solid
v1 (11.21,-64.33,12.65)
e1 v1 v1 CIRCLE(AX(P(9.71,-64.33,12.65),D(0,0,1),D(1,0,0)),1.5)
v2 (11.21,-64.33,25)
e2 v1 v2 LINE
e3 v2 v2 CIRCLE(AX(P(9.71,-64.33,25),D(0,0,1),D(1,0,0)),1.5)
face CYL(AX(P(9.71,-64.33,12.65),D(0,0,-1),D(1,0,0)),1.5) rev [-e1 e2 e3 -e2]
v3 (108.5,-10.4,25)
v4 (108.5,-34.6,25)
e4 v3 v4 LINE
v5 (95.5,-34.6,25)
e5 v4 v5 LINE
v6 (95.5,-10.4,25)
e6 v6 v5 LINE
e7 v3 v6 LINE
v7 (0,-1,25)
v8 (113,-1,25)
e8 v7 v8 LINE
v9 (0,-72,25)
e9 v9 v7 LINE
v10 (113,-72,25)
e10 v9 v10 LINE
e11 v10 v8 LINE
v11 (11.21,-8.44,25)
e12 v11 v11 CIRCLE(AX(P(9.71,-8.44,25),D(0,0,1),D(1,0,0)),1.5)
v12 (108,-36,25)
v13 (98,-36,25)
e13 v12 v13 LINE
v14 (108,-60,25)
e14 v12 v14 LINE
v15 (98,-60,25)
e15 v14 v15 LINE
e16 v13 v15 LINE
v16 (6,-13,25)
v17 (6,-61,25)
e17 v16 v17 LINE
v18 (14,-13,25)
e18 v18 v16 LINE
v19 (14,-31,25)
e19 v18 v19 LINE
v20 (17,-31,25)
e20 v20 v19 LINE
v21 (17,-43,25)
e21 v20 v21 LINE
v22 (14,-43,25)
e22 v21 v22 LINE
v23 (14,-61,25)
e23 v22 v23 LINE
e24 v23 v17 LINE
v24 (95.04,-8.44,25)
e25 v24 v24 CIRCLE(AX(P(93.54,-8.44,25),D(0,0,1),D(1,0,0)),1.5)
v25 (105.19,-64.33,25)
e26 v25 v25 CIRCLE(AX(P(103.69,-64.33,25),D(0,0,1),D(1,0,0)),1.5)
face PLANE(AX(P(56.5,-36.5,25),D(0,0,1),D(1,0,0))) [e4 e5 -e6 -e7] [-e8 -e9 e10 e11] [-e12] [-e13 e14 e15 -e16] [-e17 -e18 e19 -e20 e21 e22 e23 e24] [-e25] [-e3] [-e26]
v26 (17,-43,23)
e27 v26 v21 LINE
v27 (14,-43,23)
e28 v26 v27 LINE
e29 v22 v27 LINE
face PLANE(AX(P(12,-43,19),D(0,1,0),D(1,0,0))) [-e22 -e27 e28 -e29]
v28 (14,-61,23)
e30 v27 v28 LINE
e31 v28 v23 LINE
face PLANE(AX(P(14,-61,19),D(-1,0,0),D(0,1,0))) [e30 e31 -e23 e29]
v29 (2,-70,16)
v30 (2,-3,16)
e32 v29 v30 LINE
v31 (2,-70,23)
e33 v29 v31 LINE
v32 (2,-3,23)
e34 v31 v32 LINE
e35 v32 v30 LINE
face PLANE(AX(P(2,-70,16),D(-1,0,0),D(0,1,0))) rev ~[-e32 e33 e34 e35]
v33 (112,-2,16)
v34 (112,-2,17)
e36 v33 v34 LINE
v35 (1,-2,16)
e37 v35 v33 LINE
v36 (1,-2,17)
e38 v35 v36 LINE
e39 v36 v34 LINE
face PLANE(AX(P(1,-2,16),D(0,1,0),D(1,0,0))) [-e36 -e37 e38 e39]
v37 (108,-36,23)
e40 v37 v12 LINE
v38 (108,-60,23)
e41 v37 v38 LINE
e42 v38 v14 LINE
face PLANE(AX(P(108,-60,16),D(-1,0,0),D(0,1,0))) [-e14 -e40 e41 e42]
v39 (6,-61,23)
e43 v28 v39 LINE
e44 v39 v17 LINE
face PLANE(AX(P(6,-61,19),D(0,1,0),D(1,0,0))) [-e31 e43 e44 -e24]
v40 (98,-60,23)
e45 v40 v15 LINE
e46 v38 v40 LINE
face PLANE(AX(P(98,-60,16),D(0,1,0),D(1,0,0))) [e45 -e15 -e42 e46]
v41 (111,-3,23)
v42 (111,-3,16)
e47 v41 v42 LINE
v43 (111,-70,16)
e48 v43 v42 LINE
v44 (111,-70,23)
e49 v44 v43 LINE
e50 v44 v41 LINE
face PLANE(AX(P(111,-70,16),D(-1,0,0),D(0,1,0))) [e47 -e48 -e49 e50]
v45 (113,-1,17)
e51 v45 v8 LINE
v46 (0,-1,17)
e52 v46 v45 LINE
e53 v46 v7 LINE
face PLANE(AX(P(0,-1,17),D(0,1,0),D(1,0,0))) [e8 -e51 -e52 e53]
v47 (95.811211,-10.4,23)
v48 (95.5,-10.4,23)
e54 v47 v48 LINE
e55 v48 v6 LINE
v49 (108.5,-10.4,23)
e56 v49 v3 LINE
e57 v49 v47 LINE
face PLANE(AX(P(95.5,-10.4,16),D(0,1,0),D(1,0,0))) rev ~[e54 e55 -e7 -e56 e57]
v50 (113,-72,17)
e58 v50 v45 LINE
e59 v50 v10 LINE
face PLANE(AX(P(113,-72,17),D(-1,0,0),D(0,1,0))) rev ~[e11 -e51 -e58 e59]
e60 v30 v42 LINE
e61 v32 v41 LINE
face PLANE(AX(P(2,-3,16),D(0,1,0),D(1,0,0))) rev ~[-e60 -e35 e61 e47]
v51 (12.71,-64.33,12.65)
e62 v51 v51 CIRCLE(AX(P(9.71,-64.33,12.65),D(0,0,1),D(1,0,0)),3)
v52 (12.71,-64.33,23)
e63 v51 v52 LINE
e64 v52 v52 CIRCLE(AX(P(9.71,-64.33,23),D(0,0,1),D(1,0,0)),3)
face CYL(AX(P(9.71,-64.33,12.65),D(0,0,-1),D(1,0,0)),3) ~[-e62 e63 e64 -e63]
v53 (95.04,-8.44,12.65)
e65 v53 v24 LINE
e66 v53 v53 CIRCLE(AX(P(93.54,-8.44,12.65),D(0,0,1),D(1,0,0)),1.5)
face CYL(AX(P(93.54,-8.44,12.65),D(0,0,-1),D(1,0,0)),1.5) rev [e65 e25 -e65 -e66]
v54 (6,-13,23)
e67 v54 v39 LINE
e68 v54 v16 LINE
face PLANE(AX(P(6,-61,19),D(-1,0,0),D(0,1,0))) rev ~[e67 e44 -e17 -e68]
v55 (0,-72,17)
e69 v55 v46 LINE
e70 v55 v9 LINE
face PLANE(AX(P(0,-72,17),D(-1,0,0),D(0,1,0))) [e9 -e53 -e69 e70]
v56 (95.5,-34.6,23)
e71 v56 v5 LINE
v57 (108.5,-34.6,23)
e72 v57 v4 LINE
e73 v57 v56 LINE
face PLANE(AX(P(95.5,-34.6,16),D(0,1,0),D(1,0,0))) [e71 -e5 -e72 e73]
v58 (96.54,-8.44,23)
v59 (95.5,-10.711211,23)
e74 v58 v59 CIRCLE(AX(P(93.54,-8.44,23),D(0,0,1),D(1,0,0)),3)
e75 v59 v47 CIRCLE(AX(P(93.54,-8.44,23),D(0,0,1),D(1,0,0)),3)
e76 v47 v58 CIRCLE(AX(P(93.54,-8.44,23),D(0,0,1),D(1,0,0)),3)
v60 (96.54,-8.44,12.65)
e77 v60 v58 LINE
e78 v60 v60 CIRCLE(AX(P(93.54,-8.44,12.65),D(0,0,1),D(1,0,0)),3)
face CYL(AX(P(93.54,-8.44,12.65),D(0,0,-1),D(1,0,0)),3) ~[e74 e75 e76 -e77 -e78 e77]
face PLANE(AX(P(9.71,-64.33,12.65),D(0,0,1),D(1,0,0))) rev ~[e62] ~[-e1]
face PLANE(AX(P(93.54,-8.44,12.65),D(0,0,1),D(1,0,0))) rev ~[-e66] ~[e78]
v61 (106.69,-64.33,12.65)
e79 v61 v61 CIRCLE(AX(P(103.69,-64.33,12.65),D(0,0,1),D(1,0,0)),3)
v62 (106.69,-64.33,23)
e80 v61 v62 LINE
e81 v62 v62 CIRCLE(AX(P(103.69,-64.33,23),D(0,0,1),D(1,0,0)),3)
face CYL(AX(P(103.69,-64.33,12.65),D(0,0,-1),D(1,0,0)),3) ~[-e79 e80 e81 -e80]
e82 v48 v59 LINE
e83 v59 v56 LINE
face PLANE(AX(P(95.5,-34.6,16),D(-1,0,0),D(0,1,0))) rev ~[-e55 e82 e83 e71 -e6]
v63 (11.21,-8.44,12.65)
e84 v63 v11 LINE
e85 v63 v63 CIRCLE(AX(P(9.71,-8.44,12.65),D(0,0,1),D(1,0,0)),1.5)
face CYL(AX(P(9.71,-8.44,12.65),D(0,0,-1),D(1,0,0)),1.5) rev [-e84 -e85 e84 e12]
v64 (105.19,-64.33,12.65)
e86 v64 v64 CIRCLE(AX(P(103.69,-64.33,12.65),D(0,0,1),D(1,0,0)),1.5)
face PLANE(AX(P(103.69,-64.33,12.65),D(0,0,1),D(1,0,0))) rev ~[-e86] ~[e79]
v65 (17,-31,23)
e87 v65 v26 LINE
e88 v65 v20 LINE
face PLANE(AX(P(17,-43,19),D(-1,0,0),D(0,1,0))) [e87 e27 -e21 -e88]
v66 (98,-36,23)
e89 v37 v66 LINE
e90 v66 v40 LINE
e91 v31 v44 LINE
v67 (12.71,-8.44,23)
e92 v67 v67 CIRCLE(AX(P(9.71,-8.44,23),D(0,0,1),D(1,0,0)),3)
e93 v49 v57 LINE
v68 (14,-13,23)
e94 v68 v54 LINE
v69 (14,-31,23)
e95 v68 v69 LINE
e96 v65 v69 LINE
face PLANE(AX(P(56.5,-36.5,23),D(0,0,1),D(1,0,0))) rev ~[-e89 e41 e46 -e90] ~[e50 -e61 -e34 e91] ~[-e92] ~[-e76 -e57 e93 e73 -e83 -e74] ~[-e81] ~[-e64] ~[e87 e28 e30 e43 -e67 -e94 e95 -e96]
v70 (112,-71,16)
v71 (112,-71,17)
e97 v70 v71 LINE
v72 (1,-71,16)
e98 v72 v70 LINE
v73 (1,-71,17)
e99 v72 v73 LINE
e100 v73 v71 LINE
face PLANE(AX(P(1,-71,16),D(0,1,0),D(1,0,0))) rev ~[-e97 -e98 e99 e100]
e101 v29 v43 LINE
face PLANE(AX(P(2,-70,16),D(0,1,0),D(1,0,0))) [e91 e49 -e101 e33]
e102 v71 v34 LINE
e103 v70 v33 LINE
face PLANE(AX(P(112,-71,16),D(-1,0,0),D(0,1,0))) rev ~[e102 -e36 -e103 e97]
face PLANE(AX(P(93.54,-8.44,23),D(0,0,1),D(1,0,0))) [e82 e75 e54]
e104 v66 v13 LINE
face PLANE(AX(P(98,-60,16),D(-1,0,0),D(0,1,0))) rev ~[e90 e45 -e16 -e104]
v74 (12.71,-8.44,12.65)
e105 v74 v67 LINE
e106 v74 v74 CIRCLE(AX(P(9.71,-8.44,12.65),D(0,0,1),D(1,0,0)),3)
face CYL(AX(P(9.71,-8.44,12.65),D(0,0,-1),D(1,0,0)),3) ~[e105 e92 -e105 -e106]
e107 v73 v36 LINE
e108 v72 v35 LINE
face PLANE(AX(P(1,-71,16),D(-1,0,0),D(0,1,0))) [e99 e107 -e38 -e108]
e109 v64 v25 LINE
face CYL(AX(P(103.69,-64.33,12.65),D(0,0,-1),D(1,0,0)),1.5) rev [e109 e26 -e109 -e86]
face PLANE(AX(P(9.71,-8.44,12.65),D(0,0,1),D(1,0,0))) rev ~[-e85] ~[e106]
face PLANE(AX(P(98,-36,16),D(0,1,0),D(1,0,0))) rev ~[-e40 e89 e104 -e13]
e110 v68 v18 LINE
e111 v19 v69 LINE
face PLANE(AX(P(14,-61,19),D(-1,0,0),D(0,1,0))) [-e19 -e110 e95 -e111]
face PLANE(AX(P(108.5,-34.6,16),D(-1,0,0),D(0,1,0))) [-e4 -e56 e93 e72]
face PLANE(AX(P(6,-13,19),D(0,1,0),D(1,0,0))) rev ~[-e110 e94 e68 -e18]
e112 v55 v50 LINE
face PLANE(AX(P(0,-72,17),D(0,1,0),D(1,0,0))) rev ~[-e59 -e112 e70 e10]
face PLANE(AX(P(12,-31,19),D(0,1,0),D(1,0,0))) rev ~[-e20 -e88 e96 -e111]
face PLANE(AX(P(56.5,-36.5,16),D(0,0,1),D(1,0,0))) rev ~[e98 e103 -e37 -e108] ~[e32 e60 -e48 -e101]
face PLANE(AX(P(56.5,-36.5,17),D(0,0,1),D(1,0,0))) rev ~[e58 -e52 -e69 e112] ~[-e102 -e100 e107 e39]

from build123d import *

# Parameters (mm, degrees)
TUBE004_R         = 3
TUBE004_R_2       = 1.5
TUBE004_DEPTH     = 10.35
TUBE002_R         = 3
TUBE002_R_2       = 1.5
TUBE002_DEPTH     = 10.35
TUBE001_R         = 3
TUBE001_R_2       = 1.5
TUBE001_DEPTH     = 10.35
TUBE_R            = 3
TUBE_R_2          = 1.5
TUBE_DEPTH        = 10.35
CYLINDER007_R     = 1.5
CYLINDER007_DEPTH = 2
CYLINDER006_R     = 1.5
CYLINDER006_DEPTH = 2
CYLINDER005_R     = 1.5
CYLINDER005_DEPTH = 2
CYLINDER004_R     = 1.5
CYLINDER004_DEPTH = 2
BOX012_W          = 1
BOX012_H          = 1
BOX012_DEPTH      = 1
BOX011_W          = 13
BOX011_H          = 24.2
BOX011_DEPTH      = 10
BOX010_W          = 10
BOX010_H          = 24
BOX010_DEPTH      = 10
BOX009_W          = 5
BOX009_H          = 12
BOX009_DEPTH      = 10
BOX008_W          = 8
BOX008_H          = 48
BOX008_DEPTH      = 10
BOX007_W          = 109
BOX007_H          = 67
BOX007_DEPTH      = 1
BOX006_W          = 111
BOX006_H          = 69
BOX006_DEPTH      = 1
BOX005_W          = 109
BOX005_H          = 67
BOX005_DEPTH      = 6
BOX004_W          = 113
BOX004_H          = 71
BOX004_DEPTH      = 8


with BuildPart() as pusher_ru:
    # Tube004 → Tube004 (new body)
    with BuildSketch(Plane(origin=(103.69, -64.33, -0.35), x_dir=(1, 0, 0), z_dir=(0, 0, 1))):
        Circle(TUBE004_R)
        Circle(TUBE004_R_2, mode=Mode.SUBTRACT)
    extrude(amount=TUBE004_DEPTH)


with BuildPart() as pusher_ro:
    # Tube002 → Tube002 (new body)
    with BuildSketch(Plane(origin=(93.54, -8.44, -0.35), x_dir=(1, 0, 0), z_dir=(0, 0, 1))):
        Circle(TUBE002_R)
        Circle(TUBE002_R_2, mode=Mode.SUBTRACT)
    extrude(amount=TUBE002_DEPTH)


with BuildPart() as pusher_lu:
    # Tube001 → Tube001 (new body)
    with BuildSketch(Plane(origin=(9.71, -64.33, -0.35), x_dir=(1, 0, 0), z_dir=(0, 0, 1))):
        Circle(TUBE001_R)
        Circle(TUBE001_R_2, mode=Mode.SUBTRACT)
    extrude(amount=TUBE001_DEPTH)


with BuildPart() as pusher_lo:
    # Tube → Tube (new body)
    with BuildSketch(Plane(origin=(9.71, -8.44, -0.35), x_dir=(1, 0, 0), z_dir=(0, 0, 1))):
        Circle(TUBE_R)
        Circle(TUBE_R_2, mode=Mode.SUBTRACT)
    extrude(amount=TUBE_DEPTH)


with BuildPart() as hole_ru:
    # Cylinder007 → Cylinder007 (new body)
    with BuildSketch(Plane(origin=(103.69, -64.33, 10), x_dir=(1, 0, 0), z_dir=(0, 0, 1))):
        Circle(CYLINDER007_R)
    extrude(amount=CYLINDER007_DEPTH)


with BuildPart() as hole_ro:
    # Cylinder006 → Cylinder006 (new body)
    with BuildSketch(Plane(origin=(93.54, -8.44, 10), x_dir=(1, 0, 0), z_dir=(0, 0, 1))):
        Circle(CYLINDER006_R)
    extrude(amount=CYLINDER006_DEPTH)


with BuildPart() as hole_lu:
    # Cylinder005 → Cylinder005 (new body)
    with BuildSketch(Plane(origin=(9.71, -64.33, 10), x_dir=(1, 0, 0), z_dir=(0, 0, 1))):
        Circle(CYLINDER005_R)
    extrude(amount=CYLINDER005_DEPTH)


with BuildPart() as hole_lo:
    # Cylinder004 → Cylinder004 (new body)
    with BuildSketch(Plane(origin=(9.71, -8.44, 10), x_dir=(1, 0, 0), z_dir=(0, 0, 1))):
        Circle(CYLINDER004_R)
    extrude(amount=CYLINDER004_DEPTH)


with BuildPart() as supply_cut:
    # Box012 → Box012 (new body)
    with BuildSketch(Plane(origin=(86, -70, 9), x_dir=(1, 0, 0), z_dir=(0, 0, 1))):
        with Locations((0.5, 0.5)):
            Rectangle(BOX012_W, BOX012_H)
    extrude(amount=BOX012_DEPTH)


with BuildPart() as phoenix_cut:
    # Box011 → Box011 (new body)
    with BuildSketch(Plane(origin=(95.5, -34.6, 3), x_dir=(1, 0, 0), z_dir=(0, 0, 1))):
        with Locations((6.5, 12.1)):
            Rectangle(BOX011_W, BOX011_H)
    extrude(amount=BOX011_DEPTH)


with BuildPart() as molex8_cut:
    # Box010 → Box010 (new body)
    with BuildSketch(Plane(origin=(98, -60, 3), x_dir=(1, 0, 0), z_dir=(0, 0, 1))):
        with Locations((5, 12)):
            Rectangle(BOX010_W, BOX010_H)
    extrude(amount=BOX010_DEPTH)


with BuildPart() as box009:
    # Box009 → Box009 (new body)
    with BuildSketch(Plane(origin=(12, -43, 6), x_dir=(1, 0, 0), z_dir=(0, 0, 1))):
        with Locations((2.5, 6)):
            Rectangle(BOX009_W, BOX009_H)
    extrude(amount=BOX009_DEPTH)


with BuildPart() as box008:
    # Box008 → Box008 (new body)
    with BuildSketch(Plane(origin=(6, -61, 6), x_dir=(1, 0, 0), z_dir=(0, 0, 1))):
        with Locations((4, 24)):
            Rectangle(BOX008_W, BOX008_H)
    extrude(amount=BOX008_DEPTH)


with BuildPart() as casebottomlip_in001:
    # Box007 → Box007 (new body)
    with BuildSketch(Plane(origin=(2, -70, -13), x_dir=(1, 0, 0), z_dir=(0, 0, 1))):
        with Locations((54.5, 33.5)):
            Rectangle(BOX007_W, BOX007_H)
    extrude(amount=BOX007_DEPTH)


with BuildPart() as casetoplip:
    # Box006 → Box006 (new body)
    with BuildSketch(Plane(origin=(1, -71, -13), x_dir=(1, 0, 0), z_dir=(0, 0, 1))):
        with Locations((55.5, 34.5)):
            Rectangle(BOX006_W, BOX006_H)
    extrude(amount=BOX006_DEPTH)

    # Cut003: cut CaseBottomLip_In001
    add(casebottomlip_in001.part, mode=Mode.SUBTRACT)


with BuildPart() as casetopbed_in:
    # Box005 → Box005 (new body)
    with BuildSketch(Plane(origin=(2, -70, -12), x_dir=(1, 0, 0), z_dir=(0, 0, 1))):
        with Locations((54.5, 33.5)):
            Rectangle(BOX005_W, BOX005_H)
    extrude(amount=BOX005_DEPTH)


with BuildPart() as casetop:
    # Box004 → Box004 (new body)
    with BuildSketch(Plane(origin=(0, -72, -12), x_dir=(1, 0, 0), z_dir=(0, 0, 1))):
        with Locations((56.5, 35.5)):
            Rectangle(BOX004_W, BOX004_H)
    extrude(amount=BOX004_DEPTH)

    # Cut002: cut CaseTopBed_In
    add(casetopbed_in.part, mode=Mode.SUBTRACT)

    # Fusion001: union CaseTopLip
    add(casetoplip.part)


with BuildPart() as casetop_1:
    # Fusion001 placement: moved
    add(casetop.part.moved(Location((0, 0, 16))))

    # Cut004: cut Box008
    add(box008.part, mode=Mode.SUBTRACT)

    # Cut005: cut Box009
    add(box009.part, mode=Mode.SUBTRACT)

    # Cut006: cut Molex8_Cut
    add(molex8_cut.part, mode=Mode.SUBTRACT)

    # Cut007: cut Phoenix_Cut
    add(phoenix_cut.part, mode=Mode.SUBTRACT)

    # Cut008: cut Supply_Cut
    add(supply_cut.part, mode=Mode.SUBTRACT)

    # Cut013: cut Hole_LO
    add(hole_lo.part, mode=Mode.SUBTRACT)

    # Cut014: cut Hole_LU
    add(hole_lu.part, mode=Mode.SUBTRACT)

    # Cut015: cut Hole_RO
    add(hole_ro.part, mode=Mode.SUBTRACT)

    # Cut016: cut Hole_RU
    add(hole_ru.part, mode=Mode.SUBTRACT)

    # Fusion006: union Pusher_LO
    add(pusher_lo.part)

    # Fusion007: union Pusher_LU
    add(pusher_lu.part)

    # Fusion008: union Pusher_RO
    add(pusher_ro.part)

    # Fusion009: union Pusher_RU
    add(pusher_ru.part)


with BuildPart() as casetop_2:
    # Fusion009 placement: moved
    add(casetop_1.part.moved(Location((0, 0, 13))))


solid = casetop_2.part
